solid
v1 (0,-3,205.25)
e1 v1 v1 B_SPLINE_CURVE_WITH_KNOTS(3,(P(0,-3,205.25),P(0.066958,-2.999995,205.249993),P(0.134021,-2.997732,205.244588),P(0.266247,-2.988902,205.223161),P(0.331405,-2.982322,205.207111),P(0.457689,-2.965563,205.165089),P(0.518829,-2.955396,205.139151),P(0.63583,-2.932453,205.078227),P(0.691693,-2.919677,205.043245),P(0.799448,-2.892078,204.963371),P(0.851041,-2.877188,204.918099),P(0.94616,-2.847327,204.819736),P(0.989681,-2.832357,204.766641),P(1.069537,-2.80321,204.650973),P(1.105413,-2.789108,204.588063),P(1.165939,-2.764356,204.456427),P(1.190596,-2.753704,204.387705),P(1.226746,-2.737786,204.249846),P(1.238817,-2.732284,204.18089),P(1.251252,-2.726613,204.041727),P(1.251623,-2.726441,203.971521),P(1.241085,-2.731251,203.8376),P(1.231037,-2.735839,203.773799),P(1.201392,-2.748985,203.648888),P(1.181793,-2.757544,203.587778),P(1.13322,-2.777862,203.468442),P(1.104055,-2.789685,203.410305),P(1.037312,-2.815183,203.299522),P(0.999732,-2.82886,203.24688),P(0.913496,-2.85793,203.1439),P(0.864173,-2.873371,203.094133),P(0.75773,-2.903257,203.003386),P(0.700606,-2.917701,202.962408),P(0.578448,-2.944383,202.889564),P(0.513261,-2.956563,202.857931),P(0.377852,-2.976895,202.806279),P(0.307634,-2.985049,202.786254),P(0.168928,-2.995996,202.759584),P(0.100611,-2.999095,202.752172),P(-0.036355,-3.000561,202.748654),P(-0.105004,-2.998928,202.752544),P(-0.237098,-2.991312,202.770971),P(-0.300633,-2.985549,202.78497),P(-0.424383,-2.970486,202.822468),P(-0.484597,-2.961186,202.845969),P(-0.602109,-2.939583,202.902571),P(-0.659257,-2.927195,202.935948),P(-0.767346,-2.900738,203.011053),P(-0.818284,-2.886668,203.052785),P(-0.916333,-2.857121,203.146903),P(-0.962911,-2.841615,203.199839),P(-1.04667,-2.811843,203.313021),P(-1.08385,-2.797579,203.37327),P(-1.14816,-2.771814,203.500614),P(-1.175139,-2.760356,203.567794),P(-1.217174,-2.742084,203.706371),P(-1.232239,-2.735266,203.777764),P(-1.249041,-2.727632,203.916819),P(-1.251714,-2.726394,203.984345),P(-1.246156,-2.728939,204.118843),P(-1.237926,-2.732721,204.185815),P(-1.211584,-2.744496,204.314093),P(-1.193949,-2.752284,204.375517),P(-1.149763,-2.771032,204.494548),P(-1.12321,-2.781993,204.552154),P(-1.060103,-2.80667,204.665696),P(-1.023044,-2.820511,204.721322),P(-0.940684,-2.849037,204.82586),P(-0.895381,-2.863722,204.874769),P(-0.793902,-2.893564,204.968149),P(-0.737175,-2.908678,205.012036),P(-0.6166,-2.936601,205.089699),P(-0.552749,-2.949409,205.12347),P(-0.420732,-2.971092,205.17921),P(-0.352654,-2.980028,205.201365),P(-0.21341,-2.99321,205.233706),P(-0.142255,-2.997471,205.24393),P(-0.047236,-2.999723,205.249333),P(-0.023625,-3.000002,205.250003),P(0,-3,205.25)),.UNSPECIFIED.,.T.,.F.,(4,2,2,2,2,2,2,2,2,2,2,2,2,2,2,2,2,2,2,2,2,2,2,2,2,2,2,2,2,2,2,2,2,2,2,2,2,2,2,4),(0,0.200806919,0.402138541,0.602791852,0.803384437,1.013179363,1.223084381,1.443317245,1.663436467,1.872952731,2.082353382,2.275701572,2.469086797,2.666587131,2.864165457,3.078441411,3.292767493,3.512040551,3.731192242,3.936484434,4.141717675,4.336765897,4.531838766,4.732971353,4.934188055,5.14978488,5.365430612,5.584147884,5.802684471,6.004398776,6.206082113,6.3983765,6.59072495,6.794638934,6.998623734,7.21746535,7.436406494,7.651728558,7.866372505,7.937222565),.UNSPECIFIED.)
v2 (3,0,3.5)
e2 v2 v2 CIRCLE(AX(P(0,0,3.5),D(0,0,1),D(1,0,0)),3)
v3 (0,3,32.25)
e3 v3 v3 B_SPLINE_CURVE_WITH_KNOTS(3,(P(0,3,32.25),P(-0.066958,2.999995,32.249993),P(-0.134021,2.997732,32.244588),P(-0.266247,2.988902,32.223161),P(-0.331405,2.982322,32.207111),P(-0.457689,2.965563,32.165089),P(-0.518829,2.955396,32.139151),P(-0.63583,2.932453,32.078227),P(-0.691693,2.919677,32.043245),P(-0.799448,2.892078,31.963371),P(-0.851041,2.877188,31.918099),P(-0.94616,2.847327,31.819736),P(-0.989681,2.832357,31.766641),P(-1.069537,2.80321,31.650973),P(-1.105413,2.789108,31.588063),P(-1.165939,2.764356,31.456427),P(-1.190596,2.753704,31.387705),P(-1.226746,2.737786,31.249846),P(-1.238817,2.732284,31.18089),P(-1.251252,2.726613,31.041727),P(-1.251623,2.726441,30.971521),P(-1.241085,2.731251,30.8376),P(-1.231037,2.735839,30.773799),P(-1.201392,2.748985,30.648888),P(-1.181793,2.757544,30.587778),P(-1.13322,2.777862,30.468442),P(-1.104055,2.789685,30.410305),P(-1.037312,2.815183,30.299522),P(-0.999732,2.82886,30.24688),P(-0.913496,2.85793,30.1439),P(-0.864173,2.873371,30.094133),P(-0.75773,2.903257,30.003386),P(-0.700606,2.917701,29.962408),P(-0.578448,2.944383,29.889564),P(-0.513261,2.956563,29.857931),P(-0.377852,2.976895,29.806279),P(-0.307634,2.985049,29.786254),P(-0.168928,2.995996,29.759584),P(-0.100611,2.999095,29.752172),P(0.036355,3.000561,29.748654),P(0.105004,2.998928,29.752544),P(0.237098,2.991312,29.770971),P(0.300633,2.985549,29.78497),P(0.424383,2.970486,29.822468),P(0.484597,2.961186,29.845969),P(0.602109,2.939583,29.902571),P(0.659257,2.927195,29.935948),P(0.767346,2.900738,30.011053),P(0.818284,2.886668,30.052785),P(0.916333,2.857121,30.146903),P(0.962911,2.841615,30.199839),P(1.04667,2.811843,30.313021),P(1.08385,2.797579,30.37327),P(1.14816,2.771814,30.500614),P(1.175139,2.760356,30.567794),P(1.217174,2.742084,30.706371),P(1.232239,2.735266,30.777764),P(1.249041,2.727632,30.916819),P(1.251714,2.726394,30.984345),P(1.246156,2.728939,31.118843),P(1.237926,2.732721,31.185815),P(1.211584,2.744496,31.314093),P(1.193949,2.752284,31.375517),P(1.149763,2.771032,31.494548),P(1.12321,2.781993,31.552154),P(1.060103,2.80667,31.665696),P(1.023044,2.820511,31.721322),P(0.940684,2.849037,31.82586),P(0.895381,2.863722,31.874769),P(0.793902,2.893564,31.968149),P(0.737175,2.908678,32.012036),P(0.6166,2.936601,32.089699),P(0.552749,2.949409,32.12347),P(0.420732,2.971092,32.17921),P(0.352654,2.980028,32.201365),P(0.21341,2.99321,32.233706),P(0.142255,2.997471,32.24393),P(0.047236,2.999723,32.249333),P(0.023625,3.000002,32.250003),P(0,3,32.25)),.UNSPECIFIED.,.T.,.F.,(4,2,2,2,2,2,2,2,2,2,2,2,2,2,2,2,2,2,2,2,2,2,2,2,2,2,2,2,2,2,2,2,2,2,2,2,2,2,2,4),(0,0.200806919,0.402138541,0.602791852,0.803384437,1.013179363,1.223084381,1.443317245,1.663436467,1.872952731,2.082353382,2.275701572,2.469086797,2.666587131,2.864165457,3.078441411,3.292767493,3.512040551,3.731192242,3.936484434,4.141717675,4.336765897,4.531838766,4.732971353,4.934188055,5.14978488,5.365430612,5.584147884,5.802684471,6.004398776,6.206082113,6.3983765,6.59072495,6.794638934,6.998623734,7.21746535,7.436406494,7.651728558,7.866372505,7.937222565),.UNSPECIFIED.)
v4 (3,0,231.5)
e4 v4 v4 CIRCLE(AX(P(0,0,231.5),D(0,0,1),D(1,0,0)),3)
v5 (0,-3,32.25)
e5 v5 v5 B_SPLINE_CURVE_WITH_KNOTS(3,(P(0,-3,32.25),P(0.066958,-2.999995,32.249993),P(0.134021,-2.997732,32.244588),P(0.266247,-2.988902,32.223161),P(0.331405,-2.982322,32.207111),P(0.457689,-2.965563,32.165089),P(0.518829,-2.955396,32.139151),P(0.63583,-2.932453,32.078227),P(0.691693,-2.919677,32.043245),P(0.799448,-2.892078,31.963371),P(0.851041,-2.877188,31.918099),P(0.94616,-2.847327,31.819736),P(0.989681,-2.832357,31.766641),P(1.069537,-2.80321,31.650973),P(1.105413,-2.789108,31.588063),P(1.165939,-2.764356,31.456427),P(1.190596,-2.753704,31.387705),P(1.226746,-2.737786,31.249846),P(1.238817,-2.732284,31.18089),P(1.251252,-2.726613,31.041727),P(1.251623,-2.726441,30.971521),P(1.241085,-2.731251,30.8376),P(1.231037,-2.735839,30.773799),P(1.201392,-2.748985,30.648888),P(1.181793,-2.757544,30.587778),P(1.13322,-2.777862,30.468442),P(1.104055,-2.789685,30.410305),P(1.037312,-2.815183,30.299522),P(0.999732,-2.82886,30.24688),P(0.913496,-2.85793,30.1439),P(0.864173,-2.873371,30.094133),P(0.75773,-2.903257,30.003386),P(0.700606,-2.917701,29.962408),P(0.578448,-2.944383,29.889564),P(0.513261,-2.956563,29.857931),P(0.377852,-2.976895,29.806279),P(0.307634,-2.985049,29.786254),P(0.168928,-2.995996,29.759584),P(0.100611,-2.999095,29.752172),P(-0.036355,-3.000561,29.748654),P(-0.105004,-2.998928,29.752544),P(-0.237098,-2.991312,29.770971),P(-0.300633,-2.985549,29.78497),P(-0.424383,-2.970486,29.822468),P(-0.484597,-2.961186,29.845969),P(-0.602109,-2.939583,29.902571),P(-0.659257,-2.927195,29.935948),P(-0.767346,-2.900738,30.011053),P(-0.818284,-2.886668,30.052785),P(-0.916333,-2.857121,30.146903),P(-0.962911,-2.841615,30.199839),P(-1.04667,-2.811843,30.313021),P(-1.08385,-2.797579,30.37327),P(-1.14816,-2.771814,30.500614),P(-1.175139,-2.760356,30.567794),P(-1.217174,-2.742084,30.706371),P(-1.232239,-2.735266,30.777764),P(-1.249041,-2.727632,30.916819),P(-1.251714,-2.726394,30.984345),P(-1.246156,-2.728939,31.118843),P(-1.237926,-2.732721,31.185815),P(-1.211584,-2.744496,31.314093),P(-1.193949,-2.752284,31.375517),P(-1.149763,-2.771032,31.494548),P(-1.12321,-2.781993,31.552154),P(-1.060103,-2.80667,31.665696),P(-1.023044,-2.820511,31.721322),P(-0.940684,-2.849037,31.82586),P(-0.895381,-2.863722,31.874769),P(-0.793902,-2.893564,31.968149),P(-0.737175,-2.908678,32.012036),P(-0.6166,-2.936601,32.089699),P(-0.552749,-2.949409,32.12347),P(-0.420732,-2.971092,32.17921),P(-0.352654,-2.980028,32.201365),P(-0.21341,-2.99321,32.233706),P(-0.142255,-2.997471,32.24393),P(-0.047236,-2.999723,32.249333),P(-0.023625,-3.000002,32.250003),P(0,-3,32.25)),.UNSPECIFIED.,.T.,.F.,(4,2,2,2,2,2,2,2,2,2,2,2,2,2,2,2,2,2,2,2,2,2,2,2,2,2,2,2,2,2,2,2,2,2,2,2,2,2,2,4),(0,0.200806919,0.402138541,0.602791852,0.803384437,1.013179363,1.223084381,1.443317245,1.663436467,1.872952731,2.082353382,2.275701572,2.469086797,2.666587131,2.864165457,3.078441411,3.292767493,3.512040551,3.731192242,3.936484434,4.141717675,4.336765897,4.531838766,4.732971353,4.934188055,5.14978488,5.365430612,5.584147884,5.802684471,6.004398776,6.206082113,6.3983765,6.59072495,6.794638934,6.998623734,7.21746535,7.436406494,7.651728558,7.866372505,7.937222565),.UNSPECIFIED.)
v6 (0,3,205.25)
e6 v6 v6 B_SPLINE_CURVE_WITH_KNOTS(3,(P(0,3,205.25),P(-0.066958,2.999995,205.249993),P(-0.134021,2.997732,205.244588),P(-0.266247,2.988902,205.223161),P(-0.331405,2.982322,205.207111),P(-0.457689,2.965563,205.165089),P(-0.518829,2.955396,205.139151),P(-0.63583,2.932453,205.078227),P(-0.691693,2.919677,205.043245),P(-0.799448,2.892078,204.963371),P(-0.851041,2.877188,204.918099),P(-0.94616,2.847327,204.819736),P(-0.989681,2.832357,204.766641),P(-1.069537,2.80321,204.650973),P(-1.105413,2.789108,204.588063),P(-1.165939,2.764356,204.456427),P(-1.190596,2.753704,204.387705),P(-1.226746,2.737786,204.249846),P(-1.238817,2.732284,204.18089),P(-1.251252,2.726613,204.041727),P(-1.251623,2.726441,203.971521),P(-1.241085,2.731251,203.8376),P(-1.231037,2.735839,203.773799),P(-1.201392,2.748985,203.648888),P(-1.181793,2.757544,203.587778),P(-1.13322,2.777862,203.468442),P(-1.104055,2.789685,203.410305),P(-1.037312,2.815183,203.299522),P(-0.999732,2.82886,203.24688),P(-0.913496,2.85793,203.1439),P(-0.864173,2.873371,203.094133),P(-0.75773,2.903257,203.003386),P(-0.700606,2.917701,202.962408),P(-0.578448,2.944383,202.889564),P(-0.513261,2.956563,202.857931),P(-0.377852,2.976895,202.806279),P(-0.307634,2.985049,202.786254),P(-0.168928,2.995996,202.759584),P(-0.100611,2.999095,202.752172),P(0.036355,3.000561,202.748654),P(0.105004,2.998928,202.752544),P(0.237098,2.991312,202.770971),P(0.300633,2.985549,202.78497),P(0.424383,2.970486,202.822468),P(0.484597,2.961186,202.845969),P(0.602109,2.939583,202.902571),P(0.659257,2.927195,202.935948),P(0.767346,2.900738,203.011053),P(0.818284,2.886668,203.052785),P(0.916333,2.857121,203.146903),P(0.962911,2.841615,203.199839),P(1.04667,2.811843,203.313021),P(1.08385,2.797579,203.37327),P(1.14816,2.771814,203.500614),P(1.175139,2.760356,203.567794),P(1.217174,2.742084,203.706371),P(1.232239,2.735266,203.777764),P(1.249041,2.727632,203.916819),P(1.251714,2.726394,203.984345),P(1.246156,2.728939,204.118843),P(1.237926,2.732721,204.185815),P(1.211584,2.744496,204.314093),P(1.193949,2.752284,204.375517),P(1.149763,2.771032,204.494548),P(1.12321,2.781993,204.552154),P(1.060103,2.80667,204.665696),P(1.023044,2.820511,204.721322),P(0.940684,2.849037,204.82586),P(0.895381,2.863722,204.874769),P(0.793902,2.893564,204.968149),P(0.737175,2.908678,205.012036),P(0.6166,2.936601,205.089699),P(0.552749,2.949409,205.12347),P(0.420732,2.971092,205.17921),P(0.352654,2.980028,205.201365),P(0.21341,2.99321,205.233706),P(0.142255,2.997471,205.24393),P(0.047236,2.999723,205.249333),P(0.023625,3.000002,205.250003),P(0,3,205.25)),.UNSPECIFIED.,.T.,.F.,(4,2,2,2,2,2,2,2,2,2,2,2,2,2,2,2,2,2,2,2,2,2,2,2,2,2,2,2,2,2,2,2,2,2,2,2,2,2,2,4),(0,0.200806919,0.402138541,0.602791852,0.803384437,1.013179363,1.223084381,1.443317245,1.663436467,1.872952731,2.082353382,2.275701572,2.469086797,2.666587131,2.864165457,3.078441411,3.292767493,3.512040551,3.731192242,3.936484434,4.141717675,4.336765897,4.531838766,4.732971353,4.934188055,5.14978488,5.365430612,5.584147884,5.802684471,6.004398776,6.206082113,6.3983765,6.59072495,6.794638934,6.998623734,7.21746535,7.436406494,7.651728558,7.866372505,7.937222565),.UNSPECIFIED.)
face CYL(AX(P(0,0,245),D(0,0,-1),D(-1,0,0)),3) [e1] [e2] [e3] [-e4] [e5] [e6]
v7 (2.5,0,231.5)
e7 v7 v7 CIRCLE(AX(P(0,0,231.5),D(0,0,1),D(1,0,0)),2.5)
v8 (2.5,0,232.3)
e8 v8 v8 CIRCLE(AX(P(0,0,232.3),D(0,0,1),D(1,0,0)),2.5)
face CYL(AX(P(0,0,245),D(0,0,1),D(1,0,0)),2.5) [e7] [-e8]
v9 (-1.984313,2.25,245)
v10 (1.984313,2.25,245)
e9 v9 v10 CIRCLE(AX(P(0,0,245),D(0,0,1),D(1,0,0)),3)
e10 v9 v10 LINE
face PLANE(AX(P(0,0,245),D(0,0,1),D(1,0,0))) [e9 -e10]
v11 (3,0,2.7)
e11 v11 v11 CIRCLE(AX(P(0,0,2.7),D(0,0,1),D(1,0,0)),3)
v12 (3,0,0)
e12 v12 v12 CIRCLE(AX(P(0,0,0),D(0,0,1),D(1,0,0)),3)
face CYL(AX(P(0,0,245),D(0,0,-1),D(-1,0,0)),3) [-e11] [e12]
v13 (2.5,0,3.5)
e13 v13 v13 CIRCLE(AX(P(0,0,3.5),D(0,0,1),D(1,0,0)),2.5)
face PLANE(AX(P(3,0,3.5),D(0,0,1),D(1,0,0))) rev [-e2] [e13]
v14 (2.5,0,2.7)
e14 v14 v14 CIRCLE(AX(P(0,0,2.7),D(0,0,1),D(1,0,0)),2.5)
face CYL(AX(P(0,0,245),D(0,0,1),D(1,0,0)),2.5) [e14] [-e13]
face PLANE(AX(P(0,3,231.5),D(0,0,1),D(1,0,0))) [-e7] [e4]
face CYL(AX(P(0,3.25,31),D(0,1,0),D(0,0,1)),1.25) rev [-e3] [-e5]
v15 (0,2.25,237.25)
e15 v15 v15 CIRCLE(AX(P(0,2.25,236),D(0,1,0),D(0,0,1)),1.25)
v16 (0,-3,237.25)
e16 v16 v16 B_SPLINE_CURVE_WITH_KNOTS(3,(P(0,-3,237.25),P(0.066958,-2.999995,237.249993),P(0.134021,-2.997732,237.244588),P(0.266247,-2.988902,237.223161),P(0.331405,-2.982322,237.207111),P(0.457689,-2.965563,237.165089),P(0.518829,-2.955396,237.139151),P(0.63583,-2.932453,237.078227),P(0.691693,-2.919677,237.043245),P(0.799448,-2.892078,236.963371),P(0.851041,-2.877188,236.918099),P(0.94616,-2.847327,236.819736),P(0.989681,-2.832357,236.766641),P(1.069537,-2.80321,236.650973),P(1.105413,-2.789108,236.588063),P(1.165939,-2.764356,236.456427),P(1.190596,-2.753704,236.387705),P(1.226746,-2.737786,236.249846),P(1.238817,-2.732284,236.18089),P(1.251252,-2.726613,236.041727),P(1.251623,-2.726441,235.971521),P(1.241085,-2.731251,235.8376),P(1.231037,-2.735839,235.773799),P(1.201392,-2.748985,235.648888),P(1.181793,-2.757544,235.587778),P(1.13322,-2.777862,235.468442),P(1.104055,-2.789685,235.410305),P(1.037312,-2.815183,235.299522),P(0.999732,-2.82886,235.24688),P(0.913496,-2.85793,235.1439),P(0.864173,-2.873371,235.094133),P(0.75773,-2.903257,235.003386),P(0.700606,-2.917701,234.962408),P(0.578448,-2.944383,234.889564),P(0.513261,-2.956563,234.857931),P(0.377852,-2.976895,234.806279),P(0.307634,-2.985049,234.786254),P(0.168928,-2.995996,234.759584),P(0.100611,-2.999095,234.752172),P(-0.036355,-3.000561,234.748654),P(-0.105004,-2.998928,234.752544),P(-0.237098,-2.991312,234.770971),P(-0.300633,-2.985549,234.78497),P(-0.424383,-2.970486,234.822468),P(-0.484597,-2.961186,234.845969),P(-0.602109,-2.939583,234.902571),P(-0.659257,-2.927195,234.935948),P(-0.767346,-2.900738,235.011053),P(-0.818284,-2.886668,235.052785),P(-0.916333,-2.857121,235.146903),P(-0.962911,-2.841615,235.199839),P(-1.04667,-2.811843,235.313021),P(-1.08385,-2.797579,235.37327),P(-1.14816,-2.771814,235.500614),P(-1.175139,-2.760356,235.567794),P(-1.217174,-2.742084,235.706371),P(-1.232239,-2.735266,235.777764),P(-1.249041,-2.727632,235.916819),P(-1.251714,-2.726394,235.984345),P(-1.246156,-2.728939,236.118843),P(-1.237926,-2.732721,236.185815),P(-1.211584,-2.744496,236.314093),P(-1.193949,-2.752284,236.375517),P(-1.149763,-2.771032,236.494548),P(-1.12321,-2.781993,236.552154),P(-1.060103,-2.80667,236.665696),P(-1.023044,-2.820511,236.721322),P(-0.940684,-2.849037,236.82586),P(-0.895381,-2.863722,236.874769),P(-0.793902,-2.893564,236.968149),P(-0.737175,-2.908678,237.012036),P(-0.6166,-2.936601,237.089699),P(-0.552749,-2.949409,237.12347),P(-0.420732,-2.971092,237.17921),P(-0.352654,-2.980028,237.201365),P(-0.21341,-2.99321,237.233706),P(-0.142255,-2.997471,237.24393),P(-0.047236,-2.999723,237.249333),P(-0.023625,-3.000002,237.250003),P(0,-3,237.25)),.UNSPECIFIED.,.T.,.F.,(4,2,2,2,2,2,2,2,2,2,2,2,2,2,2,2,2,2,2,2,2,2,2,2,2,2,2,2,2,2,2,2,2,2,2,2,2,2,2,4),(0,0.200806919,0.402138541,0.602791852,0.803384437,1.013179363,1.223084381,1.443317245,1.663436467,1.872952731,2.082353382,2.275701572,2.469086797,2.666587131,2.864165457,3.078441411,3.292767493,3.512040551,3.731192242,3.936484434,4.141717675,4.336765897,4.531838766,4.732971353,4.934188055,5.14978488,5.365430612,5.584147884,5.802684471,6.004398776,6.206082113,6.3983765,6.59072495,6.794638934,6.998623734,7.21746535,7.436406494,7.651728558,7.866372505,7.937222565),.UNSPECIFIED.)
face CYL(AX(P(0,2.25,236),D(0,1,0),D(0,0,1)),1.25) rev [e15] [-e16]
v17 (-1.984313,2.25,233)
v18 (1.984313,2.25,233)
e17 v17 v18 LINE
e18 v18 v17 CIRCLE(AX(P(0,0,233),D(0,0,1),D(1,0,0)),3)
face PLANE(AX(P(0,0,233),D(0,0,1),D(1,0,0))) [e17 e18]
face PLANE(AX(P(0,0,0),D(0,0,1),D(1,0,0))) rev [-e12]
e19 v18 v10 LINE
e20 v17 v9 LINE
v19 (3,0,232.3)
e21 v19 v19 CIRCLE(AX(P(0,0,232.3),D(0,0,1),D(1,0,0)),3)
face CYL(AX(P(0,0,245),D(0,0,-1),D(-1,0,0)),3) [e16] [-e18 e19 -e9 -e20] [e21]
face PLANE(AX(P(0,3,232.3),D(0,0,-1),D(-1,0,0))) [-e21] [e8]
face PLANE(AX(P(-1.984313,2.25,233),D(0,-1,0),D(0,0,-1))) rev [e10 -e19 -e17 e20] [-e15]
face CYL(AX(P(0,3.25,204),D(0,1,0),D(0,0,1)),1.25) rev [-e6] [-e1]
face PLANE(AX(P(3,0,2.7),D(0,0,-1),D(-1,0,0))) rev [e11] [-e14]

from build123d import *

# Parameters (mm, degrees)
SKETCH1_R           = 3
BOSS_EXTRUDE1_DEPTH = 245
CUT_EXTRUDE2_DEPTH  = 12
M3_TAPPED_HOLE6_D   = 2.5
SKETCH24_W          = 0.8
SKETCH24_H          = 0.5
M3_TAPPED_HOLE7_D   = 2.5
SKETCH28_W          = 0.5
SKETCH28_H          = 0.8


with BuildPart() as part:
    # Sketch1 → Boss-Extrude1 (new body)
    with BuildSketch(Plane.XY):
        Circle(SKETCH1_R)
    extrude(amount=BOSS_EXTRUDE1_DEPTH)

    # Sketch21 → Cut-Extrude2 (cut)
    with BuildSketch(Plane.XY.offset(245)):
        with BuildLine():
            Line((-1.984313483, 2.25), (1.984313483, 2.25))
            ThreePointArc((1.984313483, 2.25), (0, 3), (-1.984313483, 2.25))
        make_face()
    extrude(amount=-CUT_EXTRUDE2_DEPTH, mode=Mode.SUBTRACT)

    # M3 Tapped Hole6 (through all)
    with Locations(Plane(origin=(0, 2.25, 236), x_dir=(0, 0, 1), z_dir=(0, 1, 0))):
        with Locations((0, 0)):
            Hole(M3_TAPPED_HOLE6_D / 2)

    # Sketch24 → Cut-Revolve1 (revolve, cut)
    with BuildSketch(Plane(origin=(0, 0, 0), x_dir=(0, 0, -1), z_dir=(1, 0, 0))):
        with Locations((-231.9, 2.75)):
            Rectangle(SKETCH24_W, SKETCH24_H)
    revolve(axis=Axis((0, 0, 245), (0, 0, -1)), mode=Mode.SUBTRACT)

    # M3 Tapped Hole7 (through all)
    with Locations(Plane(origin=(0, 3.25, 204), x_dir=(0, 0, 1), z_dir=(0, 1, 0))):
        with Locations((0, 0), (-173, 0)):
            Hole(M3_TAPPED_HOLE7_D / 2)

    # Sketch28 → Cut-Revolve2 (revolve, cut)
    with BuildSketch(Plane(origin=(0, 0, 0), x_dir=(1, 0, 0), z_dir=(0, 1, 0))):
        with Locations((2.75, -3.1)):
            Rectangle(SKETCH28_W, SKETCH28_H)
    revolve(axis=Axis((0, 0, 245), (0, 0, -1)), mode=Mode.SUBTRACT)


solid = part.part
